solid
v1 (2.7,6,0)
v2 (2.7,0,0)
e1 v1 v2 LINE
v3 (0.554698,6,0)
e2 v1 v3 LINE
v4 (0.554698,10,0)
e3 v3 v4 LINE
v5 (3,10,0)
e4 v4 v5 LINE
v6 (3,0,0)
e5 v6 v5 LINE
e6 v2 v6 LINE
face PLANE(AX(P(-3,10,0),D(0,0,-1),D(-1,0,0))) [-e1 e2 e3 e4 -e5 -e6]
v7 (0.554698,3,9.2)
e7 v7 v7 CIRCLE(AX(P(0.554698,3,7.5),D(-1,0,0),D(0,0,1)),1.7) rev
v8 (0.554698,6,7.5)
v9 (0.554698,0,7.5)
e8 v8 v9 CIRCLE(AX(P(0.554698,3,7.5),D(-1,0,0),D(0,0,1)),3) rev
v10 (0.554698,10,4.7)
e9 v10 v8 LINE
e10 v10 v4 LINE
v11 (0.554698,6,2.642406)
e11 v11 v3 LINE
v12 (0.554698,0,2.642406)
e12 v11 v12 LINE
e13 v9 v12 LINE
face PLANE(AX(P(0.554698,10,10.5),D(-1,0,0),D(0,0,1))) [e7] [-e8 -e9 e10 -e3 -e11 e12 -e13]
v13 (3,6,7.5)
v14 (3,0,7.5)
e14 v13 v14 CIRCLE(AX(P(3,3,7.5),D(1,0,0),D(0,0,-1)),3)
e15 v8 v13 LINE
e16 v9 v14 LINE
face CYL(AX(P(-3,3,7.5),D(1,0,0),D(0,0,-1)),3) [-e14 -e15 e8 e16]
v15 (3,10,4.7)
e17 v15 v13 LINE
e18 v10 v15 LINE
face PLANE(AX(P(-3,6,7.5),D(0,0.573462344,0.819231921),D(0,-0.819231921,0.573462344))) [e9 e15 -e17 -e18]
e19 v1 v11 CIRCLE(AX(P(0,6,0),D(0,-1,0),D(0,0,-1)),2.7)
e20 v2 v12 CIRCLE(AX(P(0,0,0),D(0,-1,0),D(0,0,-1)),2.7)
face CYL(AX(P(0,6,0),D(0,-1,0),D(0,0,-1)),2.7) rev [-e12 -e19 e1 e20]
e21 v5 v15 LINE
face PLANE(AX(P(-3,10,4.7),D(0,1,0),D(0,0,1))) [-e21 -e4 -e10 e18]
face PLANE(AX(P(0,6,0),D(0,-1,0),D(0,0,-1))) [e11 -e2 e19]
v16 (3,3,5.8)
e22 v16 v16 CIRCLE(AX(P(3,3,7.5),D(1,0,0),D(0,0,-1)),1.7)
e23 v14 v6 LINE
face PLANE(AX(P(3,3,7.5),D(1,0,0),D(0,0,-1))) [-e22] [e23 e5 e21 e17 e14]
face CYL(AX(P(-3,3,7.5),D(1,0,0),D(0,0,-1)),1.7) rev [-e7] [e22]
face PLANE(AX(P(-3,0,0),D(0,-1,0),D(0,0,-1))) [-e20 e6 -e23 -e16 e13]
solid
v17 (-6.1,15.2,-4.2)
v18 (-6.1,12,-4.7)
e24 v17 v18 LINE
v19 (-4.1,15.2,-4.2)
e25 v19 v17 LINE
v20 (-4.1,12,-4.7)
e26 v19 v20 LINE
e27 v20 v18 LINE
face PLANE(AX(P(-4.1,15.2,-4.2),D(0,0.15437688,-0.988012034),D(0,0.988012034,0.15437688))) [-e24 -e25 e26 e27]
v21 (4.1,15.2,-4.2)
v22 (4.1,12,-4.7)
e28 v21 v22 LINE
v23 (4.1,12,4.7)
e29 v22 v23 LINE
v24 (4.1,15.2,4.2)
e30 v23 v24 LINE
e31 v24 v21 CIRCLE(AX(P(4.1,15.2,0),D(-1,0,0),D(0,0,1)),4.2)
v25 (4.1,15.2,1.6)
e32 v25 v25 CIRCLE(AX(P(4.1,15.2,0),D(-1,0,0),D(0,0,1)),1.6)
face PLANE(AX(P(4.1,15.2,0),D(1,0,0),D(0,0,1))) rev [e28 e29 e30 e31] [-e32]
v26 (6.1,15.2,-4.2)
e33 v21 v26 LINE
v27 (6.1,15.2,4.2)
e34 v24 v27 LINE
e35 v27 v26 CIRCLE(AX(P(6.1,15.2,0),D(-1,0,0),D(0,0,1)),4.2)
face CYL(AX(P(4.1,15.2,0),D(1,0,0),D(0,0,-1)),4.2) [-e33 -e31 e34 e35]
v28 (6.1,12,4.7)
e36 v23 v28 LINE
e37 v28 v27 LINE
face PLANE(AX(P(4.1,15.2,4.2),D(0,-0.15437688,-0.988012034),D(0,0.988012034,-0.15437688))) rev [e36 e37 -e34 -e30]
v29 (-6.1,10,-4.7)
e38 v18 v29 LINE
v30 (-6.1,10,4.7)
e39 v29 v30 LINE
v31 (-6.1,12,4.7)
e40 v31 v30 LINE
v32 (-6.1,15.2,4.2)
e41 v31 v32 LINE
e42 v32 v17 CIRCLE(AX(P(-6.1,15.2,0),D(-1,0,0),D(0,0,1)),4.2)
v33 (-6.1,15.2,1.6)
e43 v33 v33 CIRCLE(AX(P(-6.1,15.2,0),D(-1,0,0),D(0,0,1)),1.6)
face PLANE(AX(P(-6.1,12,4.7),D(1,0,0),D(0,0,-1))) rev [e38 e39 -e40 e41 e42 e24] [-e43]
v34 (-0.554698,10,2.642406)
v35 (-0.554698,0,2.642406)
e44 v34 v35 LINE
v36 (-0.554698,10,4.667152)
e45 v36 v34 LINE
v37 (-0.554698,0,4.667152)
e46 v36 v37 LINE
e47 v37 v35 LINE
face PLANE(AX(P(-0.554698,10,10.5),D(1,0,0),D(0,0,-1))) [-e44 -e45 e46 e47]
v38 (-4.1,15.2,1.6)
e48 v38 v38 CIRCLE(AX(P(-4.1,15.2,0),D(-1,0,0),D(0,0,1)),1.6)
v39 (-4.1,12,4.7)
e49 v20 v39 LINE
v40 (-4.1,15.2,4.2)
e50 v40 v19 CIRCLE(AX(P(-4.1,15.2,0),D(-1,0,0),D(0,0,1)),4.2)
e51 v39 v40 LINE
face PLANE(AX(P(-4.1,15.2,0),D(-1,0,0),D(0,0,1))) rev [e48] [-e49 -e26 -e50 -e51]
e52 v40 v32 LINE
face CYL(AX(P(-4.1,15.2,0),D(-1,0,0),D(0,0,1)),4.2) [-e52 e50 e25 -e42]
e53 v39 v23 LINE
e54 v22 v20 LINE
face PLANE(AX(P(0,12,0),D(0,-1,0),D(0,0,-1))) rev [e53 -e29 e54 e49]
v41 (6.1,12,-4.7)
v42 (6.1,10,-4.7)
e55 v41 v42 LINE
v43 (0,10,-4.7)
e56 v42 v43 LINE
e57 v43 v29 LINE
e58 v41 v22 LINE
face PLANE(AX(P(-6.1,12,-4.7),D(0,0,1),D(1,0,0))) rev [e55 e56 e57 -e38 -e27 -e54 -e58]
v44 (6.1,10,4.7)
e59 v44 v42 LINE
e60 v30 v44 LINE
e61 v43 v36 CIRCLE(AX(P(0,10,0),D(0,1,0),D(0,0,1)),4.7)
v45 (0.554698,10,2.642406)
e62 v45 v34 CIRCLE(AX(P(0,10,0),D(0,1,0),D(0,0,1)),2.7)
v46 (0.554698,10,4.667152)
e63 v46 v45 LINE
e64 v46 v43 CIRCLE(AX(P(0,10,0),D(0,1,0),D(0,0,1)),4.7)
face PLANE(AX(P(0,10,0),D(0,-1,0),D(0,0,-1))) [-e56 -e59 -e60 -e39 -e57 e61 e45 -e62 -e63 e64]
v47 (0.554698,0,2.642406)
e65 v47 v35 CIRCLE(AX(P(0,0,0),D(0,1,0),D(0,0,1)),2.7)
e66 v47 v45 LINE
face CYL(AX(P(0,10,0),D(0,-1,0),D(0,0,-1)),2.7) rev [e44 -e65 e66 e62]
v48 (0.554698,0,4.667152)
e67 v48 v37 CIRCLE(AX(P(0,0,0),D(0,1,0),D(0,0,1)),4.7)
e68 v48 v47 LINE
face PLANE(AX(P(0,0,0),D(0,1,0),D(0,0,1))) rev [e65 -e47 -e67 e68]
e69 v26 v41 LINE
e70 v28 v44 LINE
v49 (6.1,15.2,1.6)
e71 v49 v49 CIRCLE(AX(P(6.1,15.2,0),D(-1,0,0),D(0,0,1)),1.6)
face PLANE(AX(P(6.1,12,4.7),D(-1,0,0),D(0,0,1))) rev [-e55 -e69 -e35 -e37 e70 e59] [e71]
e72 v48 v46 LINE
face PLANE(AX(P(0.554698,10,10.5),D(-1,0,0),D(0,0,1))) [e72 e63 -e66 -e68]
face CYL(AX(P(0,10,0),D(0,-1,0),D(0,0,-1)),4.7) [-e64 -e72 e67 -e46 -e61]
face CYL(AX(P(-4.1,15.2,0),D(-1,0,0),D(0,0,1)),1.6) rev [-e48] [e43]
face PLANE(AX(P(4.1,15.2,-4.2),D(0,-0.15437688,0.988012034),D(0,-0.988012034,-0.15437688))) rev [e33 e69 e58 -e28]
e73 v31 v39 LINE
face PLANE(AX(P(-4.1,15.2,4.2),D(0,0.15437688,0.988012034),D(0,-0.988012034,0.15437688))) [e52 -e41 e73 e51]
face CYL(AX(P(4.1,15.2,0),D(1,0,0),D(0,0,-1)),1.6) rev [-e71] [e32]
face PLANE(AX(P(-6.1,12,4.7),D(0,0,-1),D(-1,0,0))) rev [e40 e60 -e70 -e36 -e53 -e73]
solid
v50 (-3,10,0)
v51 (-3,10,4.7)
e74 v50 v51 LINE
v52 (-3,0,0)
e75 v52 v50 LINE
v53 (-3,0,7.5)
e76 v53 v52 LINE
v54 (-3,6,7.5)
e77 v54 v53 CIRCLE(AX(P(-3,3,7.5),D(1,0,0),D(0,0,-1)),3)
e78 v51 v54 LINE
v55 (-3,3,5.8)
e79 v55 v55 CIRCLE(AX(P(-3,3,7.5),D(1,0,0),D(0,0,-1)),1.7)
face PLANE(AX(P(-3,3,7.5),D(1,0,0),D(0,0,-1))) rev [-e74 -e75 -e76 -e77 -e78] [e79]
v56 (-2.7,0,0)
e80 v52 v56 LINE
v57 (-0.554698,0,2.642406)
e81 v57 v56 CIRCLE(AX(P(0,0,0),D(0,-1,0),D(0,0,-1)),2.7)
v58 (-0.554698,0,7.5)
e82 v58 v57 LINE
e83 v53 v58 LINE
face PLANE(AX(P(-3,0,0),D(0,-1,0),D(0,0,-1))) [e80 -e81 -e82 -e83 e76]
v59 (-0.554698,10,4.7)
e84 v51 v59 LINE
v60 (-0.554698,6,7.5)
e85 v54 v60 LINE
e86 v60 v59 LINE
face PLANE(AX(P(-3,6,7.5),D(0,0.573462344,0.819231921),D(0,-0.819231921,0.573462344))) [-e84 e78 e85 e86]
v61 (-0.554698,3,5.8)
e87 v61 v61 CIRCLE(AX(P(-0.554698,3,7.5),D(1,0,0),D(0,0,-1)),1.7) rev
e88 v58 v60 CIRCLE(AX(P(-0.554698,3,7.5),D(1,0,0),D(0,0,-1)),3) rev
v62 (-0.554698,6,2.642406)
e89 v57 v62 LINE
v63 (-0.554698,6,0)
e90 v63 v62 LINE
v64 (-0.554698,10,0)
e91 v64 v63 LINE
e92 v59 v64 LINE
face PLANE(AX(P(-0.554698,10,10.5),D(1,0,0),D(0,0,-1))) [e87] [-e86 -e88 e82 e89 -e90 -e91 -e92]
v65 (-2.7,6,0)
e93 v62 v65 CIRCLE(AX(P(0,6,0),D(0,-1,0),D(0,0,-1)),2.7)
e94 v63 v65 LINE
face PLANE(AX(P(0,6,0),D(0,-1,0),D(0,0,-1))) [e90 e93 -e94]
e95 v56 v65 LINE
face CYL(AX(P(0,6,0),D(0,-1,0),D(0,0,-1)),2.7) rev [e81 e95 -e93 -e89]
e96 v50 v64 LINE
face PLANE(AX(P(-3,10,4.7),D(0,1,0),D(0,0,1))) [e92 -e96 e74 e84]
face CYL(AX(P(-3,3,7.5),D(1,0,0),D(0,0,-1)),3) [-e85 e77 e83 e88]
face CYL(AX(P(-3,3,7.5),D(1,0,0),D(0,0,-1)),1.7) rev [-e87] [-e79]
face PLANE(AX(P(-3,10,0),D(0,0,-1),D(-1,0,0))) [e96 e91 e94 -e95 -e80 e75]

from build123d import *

# Parameters (mm, degrees)
SKETCH_1_R           = 4.7
SKETCH_1_R_2         = 2.7
EXTRUDE_1_DEPTH      = 10
SKETCH_2_W           = 12.2
SKETCH_2_H           = 9.4
EXTRUDE_2_DEPTH      = 2
SKETCH_3_R           = 1.6
EXTRUDE_3_DEPTH      = 2
EXTRUDE_4_DEPTH      = 3
EXTRUDE_4_DEPTH_BACK = 3
SKETCH_4_R           = 1.7
SKETCH_5_R           = 2.7
CUT_EXTRUDE_1_DEPTH  = 6
SKETCH_6_W           = 1.109396916
SKETCH_6_H           = 10
CUT_EXTRUDE_2_DEPTH  = 23.887114279


with BuildPart() as part:
    # 草图1 → 凸台-拉伸1 (new body)
    with BuildSketch(Plane(origin=(0, 0, 0), x_dir=(1, 0, 0), z_dir=(0, 1, 0))):
        with Locations(Location((0, 0, 0), (0, 0, 270))):
            Circle(SKETCH_1_R)
        with Locations(Location((0, 0, 0), (0, 0, 270))):
            Circle(SKETCH_1_R_2, mode=Mode.SUBTRACT)
    extrude(amount=EXTRUDE_1_DEPTH)

    # 草图2 → 凸台-拉伸2 (add)
    with BuildSketch(Plane(origin=(0, 10, 0), x_dir=(1, 0, 0), z_dir=(0, 1, 0))):
        Rectangle(SKETCH_2_W, SKETCH_2_H)
    extrude_2 = extrude(amount=EXTRUDE_2_DEPTH)

    # 草图3 → 凸台-拉伸3 (add)
    with BuildSketch(Plane.ZY.offset(6.1)):
        with BuildLine():
            Line((-4.7, 12), (4.7, 12))
            Line((4.7, 12), (4.2, 15.2))
            ThreePointArc((4.2, 15.2), (0, 19.4), (-4.2, 15.2))
            Line((-4.2, 15.2), (-4.7, 12))
        make_face()
        with Locations((0, 15.2)):
            Circle(SKETCH_3_R, mode=Mode.SUBTRACT)
    extrude_3 = extrude(amount=-EXTRUDE_3_DEPTH)

    # 镜向1: 凸台-拉伸2, 凸台-拉伸3 across plane
    add(extrude_2.mirror(Plane(origin=(0, 0, 0), x_dir=(0, 0, 1), z_dir=(1, 0, 0))))
    add(extrude_3.mirror(Plane(origin=(0, 0, 0), x_dir=(0, 0, 1), z_dir=(1, 0, 0))))


with BuildPart() as body_2:
    # 草图4 → 凸台-拉伸4 (new, two sides: drawn at the far end of the back side and taken through both)
    with BuildSketch(Plane(origin=(0, 0, 0), x_dir=(0, 0, -1), z_dir=(1, 0, 0)).offset(-EXTRUDE_4_DEPTH_BACK)):
        with BuildLine():
            Line((-4.7, 10), (0, 10))
            Line((0, 10), (0, 0))
            Line((0, 0), (-7.5, 0))
            ThreePointArc((-7.5, 0), (-10.5, 3), (-7.5, 6))
            Line((-7.5, 6), (-4.7, 10))
        make_face()
        with Locations((-7.5, 3)):
            Circle(SKETCH_4_R, mode=Mode.SUBTRACT)
    extrude(amount=EXTRUDE_4_DEPTH + EXTRUDE_4_DEPTH_BACK)

    # 草图5 → 切除-拉伸1 (cut)
    with BuildSketch(Plane.XZ):
        with Locations(Location((0, 0, 0), (0, 0, 90))):
            Circle(SKETCH_5_R)
    extrude(amount=-CUT_EXTRUDE_1_DEPTH, mode=Mode.SUBTRACT)


with BuildPart() as cut_extrude_2_tool:
    # 草图6 → 切除-拉伸2 (new, through all)
    with BuildSketch(Plane.XY):
        with Locations((0, 5)):
            Rectangle(SKETCH_6_W, SKETCH_6_H)
    extrude(amount=CUT_EXTRUDE_2_DEPTH)


with BuildPart() as part_1:
    add(part.part)

    # 切除-拉伸2: cut by cut_extrude_2_tool
    add(cut_extrude_2_tool.part, mode=Mode.SUBTRACT)


with BuildPart() as body_2_1:
    add(body_2.part)

    # 切除-拉伸2: cut by cut_extrude_2_tool
    add(cut_extrude_2_tool.part, mode=Mode.SUBTRACT)


solid = Compound([part_1.part, body_2_1.part])
